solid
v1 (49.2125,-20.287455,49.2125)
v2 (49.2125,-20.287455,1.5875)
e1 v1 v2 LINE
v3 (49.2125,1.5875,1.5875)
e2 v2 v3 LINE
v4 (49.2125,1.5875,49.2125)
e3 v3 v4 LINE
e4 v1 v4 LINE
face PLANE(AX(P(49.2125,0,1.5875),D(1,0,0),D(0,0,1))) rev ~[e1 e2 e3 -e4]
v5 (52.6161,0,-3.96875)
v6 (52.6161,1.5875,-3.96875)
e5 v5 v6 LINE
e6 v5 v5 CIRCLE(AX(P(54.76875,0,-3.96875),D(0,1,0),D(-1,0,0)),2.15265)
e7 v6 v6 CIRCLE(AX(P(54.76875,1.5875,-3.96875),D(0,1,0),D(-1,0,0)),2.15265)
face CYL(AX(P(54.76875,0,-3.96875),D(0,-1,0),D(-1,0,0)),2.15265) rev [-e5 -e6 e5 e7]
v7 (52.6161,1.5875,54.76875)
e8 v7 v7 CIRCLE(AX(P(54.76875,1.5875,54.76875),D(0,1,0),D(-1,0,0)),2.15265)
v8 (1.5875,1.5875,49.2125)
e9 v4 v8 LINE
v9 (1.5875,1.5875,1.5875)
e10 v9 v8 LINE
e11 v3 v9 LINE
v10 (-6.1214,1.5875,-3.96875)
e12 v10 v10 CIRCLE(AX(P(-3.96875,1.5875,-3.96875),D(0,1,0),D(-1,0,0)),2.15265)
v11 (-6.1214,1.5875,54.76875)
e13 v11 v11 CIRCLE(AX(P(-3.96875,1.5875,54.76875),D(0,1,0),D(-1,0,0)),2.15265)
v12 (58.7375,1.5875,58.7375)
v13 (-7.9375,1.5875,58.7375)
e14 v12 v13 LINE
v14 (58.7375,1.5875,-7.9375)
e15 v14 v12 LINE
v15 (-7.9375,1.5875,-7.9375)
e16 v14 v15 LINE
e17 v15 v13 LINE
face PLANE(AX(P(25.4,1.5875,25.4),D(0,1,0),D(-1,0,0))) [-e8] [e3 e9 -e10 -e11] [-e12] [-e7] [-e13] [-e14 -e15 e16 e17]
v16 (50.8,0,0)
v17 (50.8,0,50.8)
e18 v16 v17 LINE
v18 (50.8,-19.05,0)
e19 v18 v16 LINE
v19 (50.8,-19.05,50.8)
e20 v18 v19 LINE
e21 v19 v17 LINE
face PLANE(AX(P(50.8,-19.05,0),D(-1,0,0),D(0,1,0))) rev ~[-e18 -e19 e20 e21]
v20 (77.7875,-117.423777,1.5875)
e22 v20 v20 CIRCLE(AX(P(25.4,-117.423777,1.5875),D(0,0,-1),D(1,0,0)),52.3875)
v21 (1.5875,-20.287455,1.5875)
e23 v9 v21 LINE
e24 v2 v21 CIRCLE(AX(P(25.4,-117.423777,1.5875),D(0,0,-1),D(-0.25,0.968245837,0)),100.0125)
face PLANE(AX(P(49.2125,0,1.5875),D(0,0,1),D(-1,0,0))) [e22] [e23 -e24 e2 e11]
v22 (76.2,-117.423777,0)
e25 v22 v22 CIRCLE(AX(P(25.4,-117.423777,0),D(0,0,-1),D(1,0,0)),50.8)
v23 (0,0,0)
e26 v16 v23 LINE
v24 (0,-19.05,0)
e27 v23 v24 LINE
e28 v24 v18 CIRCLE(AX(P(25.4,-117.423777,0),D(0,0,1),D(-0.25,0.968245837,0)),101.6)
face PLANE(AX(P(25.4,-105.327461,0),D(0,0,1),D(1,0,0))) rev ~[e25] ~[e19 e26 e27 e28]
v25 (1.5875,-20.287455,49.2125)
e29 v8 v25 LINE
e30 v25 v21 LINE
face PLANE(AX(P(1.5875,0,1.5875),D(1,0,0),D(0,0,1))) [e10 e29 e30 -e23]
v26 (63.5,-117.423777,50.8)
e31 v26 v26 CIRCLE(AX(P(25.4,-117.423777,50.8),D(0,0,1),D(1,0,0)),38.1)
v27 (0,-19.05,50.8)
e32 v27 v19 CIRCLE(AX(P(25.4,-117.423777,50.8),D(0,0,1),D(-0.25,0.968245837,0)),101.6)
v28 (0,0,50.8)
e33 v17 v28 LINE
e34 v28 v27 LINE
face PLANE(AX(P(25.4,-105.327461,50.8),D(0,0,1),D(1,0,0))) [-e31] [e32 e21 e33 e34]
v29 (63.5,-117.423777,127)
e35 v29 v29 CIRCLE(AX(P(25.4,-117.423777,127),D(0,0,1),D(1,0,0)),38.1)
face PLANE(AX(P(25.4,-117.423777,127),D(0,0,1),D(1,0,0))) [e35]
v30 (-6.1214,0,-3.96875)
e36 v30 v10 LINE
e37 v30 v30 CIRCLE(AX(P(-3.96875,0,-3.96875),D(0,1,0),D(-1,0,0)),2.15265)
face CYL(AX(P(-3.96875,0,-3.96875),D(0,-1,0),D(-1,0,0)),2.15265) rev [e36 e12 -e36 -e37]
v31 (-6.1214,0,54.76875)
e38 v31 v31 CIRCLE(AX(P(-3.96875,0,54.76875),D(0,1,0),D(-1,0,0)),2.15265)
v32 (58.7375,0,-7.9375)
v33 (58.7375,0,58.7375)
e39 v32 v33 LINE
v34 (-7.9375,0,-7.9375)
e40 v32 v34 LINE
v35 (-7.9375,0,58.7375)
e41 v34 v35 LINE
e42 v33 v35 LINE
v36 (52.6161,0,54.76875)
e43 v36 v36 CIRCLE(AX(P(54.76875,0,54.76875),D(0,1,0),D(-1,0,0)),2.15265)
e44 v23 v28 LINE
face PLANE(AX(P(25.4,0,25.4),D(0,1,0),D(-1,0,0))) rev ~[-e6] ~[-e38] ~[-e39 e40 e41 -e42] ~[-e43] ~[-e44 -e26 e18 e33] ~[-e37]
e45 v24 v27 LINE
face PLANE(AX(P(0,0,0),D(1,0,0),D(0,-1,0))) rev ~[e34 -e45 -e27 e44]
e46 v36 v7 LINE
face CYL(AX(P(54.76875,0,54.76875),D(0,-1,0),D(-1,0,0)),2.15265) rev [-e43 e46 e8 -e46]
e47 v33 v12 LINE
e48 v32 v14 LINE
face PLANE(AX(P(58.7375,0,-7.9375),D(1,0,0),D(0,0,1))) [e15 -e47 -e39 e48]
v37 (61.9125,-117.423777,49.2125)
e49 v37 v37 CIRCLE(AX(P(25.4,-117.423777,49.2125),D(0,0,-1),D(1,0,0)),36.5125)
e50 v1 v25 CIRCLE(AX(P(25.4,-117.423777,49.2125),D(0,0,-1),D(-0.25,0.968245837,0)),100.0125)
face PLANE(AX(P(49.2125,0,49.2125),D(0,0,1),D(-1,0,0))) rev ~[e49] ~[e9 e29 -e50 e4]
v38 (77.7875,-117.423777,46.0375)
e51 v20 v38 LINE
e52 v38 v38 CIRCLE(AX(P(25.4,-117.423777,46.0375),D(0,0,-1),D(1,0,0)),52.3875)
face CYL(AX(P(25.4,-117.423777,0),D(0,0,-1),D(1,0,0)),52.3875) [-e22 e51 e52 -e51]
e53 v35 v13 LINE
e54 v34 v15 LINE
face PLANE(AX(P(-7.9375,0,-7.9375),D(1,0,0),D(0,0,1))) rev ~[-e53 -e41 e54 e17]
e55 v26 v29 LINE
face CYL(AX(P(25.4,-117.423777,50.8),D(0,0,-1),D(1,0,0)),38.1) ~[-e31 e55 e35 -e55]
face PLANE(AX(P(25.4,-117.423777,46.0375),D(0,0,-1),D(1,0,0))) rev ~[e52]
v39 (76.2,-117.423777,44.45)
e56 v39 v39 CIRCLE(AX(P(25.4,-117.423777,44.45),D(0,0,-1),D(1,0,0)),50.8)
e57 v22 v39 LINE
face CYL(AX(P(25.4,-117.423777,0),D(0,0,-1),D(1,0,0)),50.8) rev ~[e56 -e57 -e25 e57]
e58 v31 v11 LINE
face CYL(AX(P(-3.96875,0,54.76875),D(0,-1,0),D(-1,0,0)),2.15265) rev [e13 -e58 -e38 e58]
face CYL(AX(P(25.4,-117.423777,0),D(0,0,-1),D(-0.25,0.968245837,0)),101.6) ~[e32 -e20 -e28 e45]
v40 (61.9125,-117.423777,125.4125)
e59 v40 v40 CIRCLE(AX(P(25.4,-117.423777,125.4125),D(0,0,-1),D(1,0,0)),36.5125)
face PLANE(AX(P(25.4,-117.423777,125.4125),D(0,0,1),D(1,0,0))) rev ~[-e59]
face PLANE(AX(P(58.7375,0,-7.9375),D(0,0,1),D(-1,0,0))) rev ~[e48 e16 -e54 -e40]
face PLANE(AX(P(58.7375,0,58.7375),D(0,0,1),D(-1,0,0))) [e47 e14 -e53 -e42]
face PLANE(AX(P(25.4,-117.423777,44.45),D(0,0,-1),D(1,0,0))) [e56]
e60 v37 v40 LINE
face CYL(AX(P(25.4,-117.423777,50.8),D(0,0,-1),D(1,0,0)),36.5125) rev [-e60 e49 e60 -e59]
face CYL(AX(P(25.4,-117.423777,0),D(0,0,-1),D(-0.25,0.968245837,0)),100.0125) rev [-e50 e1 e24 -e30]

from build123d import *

# Parameters (mm, degrees)
F1_DEPTH = 50.8
F2_R     = 38.1
F3_DEPTH = 76.2
F4_R     = 50.8
F5_DEPTH = 44.45
F6_T     = -1.5875
F7_W     = 66.675
F7_H     = 66.675
F7_R     = 2.15265
F7_W_2   = 47.625
F7_H_2   = 47.625
F8_DEPTH = 1.5875


with BuildPart() as f1:
    # F0 (on Top) → F1 (new body)
    with BuildSketch(Plane.XY):
        with BuildLine():
            Line((50.8, 0), (0, 0))
            Line((0, 0), (0, -19.05))
            ThreePointArc((0, -19.05), (25.4, -219.0237769937), (50.8, -19.05))
            Line((50.8, -19.05), (50.8, 0))
        make_face()
    extrude(amount=F1_DEPTH)

    # F2 (on face) → F3 (join)
    with BuildSketch(Plane.XY.offset(50.8)):
        with Locations((25.4, -117.4237769937)):
            Circle(F2_R)
    extrude(amount=F3_DEPTH)

    # F4 (on face) → F5 (cut)
    with BuildSketch(Plane(origin=(0, 0, 0), x_dir=(1, 0, 0), z_dir=(0, 0, -1))):
        with Locations((25.4, 117.4237769937)):
            Circle(F4_R)
    extrude(amount=-F5_DEPTH, mode=Mode.SUBTRACT)

    # F6
    f6_openings = [f1.faces().sort_by_distance(p)[0] for p in [
        (25.4, 0, 25.4),
    ]]
    offset(amount=F6_T, openings=f6_openings, kind=Kind.INTERSECTION)

    # F7 (on face) → F8 (join)
    with BuildSketch(Plane(origin=(0, 0, 0), x_dir=(-1, 0, 0), z_dir=(0, 1, 0))):
        with Locations((-25.4, 25.4)):
            Rectangle(F7_W, F7_H)
        with Locations((-54.76875, -3.96875)):
            Circle(F7_R, mode=Mode.SUBTRACT)
        with Locations((3.96875, -3.96875)):
            Circle(F7_R, mode=Mode.SUBTRACT)
        with Locations((-54.76875, 54.76875)):
            Circle(F7_R, mode=Mode.SUBTRACT)
        with Locations((-25.4, 25.4)):
            Rectangle(F7_W_2, F7_H_2, mode=Mode.SUBTRACT)
        with Locations((3.96875, 54.76875)):
            Circle(F7_R, mode=Mode.SUBTRACT)
    extrude(amount=F8_DEPTH)


solid = f1.part
